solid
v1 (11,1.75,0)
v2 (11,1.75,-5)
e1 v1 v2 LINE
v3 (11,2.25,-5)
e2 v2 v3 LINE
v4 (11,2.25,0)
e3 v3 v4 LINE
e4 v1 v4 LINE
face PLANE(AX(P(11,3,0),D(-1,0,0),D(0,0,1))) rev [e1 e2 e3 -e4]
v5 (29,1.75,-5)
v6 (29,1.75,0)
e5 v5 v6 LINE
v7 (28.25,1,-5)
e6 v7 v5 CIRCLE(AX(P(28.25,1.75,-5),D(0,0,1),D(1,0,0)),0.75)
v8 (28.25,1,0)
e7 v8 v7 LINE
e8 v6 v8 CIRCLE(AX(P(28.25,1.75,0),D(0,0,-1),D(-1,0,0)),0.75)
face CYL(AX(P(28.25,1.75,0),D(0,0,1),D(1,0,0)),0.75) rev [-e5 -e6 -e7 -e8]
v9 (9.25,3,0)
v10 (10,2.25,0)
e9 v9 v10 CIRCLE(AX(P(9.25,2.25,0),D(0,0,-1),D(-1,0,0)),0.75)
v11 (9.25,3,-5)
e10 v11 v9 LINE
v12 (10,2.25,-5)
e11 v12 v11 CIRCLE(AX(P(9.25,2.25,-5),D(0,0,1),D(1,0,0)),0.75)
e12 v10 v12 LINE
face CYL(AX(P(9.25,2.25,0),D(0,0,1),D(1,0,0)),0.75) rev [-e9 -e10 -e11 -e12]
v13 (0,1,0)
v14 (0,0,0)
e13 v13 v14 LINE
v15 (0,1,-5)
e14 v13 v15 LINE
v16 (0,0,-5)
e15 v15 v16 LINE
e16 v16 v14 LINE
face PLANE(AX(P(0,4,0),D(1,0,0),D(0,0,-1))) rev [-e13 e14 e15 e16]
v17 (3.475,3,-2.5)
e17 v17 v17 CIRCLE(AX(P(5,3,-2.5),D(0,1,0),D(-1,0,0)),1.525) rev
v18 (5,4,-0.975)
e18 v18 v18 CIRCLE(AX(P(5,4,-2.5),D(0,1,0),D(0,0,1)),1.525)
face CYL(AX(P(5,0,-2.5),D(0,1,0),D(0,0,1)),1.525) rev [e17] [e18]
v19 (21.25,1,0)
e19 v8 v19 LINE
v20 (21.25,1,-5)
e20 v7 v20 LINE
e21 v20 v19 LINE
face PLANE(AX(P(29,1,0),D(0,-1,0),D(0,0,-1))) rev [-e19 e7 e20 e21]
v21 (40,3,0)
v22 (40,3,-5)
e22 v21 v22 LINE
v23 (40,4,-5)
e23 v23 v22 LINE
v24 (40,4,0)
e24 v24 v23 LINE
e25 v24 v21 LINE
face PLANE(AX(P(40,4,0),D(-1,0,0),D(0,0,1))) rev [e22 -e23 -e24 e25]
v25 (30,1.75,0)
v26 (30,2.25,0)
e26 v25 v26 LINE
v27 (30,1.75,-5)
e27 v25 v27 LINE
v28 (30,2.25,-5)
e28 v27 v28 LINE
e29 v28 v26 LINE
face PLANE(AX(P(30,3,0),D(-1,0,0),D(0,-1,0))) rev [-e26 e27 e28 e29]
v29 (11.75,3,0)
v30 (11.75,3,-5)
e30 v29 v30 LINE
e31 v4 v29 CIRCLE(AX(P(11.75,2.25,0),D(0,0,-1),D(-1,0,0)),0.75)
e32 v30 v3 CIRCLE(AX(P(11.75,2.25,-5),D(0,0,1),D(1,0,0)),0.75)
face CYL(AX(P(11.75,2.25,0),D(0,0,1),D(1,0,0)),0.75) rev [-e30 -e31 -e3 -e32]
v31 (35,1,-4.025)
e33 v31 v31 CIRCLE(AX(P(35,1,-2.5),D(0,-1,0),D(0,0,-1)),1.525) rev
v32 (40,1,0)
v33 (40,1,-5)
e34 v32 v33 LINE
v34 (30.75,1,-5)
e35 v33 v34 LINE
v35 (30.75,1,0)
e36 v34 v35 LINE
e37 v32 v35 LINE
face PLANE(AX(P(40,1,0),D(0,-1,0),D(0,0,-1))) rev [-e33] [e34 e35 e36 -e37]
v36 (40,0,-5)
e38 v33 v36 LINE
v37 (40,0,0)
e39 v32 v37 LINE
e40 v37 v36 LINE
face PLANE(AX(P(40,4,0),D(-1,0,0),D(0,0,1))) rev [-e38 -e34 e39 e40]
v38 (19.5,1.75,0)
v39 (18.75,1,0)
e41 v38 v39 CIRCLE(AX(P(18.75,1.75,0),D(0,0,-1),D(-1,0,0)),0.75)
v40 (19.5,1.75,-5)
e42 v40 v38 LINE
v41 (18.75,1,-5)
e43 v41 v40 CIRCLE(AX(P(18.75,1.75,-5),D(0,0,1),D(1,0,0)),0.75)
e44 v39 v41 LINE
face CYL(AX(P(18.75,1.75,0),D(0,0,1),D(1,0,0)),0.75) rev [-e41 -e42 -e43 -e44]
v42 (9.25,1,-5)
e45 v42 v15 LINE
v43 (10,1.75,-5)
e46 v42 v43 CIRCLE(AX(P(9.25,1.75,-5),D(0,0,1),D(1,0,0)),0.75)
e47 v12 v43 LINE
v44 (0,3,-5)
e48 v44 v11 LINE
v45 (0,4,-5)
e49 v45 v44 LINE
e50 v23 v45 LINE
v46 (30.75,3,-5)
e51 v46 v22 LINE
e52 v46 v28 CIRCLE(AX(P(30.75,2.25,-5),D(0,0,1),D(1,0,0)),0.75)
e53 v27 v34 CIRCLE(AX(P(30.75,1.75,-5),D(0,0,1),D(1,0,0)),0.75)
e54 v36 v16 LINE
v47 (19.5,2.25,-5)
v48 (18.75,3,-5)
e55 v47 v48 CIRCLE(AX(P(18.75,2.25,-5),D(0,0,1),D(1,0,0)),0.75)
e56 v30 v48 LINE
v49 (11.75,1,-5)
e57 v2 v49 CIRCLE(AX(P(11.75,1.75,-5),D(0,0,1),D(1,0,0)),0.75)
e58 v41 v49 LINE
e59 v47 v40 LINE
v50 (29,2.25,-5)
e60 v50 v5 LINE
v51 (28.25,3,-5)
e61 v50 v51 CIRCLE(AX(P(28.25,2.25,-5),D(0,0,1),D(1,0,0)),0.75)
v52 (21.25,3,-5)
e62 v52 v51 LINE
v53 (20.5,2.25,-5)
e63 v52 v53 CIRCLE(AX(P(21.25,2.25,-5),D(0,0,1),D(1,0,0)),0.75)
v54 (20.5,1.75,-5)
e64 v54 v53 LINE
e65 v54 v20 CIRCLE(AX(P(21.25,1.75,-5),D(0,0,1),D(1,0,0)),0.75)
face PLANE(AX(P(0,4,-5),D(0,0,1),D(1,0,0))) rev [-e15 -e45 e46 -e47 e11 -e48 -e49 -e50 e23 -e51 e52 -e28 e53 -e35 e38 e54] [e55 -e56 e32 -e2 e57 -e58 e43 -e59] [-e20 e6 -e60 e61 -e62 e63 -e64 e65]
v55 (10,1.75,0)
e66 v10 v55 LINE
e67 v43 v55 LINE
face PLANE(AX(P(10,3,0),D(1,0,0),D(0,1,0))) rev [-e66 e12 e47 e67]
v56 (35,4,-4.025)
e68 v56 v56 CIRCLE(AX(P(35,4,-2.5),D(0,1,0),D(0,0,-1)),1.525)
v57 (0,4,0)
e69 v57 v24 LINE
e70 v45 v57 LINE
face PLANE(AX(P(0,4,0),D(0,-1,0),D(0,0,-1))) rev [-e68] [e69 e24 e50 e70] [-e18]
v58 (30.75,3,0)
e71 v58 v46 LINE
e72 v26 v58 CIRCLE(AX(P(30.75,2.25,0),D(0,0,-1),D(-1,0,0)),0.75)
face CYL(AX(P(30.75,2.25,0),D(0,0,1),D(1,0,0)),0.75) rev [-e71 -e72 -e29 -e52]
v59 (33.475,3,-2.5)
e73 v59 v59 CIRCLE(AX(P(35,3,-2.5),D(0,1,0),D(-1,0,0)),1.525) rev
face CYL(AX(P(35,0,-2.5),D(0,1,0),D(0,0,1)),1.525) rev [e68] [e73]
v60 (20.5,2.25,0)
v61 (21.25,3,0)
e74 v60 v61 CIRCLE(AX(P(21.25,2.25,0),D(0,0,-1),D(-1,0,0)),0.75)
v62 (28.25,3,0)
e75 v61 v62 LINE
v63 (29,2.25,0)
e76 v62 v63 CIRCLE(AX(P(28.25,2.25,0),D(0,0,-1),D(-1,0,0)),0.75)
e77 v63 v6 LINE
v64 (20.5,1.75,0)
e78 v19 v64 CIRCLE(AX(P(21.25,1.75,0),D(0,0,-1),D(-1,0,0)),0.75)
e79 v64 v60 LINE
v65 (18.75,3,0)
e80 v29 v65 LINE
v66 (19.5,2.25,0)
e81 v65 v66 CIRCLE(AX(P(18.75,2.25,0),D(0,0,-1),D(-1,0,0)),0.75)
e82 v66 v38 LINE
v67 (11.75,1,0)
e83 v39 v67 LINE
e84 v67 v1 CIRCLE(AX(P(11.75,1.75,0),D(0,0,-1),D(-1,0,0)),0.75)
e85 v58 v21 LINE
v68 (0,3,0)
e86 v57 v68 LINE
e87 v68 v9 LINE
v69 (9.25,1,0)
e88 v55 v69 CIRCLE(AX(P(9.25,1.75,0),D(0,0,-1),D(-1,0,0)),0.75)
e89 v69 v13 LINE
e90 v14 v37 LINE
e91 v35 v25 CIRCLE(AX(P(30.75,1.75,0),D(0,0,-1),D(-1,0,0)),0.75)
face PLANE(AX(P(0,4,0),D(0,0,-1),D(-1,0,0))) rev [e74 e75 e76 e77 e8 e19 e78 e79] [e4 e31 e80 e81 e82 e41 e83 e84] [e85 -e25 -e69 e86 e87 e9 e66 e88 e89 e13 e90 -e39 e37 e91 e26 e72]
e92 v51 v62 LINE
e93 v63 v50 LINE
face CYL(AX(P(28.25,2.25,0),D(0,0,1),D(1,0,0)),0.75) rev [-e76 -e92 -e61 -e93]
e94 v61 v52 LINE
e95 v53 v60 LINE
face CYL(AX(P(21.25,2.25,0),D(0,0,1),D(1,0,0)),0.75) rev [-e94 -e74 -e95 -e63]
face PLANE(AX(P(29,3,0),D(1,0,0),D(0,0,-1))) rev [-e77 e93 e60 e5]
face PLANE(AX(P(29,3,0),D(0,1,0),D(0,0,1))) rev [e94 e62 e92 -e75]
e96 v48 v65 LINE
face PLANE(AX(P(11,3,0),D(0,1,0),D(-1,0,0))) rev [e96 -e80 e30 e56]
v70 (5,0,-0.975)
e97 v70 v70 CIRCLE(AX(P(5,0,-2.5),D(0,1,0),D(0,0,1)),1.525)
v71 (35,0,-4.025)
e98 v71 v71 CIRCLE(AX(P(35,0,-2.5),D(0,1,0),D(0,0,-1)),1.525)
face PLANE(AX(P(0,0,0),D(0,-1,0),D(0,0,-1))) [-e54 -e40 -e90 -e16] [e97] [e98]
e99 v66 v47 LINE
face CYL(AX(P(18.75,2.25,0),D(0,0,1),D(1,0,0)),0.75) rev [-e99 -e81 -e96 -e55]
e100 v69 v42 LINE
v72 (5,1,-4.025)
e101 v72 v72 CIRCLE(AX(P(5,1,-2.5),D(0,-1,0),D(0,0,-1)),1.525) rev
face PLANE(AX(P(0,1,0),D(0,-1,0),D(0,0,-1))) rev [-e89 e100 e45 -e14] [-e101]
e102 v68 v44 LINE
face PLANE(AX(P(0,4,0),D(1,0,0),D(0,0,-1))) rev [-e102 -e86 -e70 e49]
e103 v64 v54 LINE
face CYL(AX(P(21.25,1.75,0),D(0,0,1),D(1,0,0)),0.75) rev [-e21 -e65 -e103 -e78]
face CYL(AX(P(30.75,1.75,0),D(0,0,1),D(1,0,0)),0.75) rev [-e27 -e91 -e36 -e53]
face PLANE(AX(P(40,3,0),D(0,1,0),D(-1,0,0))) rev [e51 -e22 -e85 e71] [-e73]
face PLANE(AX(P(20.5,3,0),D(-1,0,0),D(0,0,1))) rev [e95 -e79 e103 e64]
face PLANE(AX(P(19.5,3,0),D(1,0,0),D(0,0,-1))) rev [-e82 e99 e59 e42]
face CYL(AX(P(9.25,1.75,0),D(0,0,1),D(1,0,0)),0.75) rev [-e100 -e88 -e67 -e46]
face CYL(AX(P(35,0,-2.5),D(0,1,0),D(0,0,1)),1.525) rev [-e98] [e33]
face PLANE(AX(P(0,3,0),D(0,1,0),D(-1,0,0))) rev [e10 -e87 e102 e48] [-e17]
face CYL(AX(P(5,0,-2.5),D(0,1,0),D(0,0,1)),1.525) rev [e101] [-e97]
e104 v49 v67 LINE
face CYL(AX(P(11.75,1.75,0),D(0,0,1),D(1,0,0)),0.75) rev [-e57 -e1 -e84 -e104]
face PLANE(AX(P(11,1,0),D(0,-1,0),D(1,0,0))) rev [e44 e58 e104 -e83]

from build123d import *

# Parameters (mm, degrees)
SKETCH1_W           = 40
SKETCH1_H           = 5
BOSS_EXTRUDE1_DEPTH = 4
SKETCH2_R           = 1.525
CUT_EXTRUDE1_DEPTH  = 41.509258201
SKETCH3_W           = 10
SKETCH3_H           = 2
SKETCH3_W_2         = 8.5
CUT_EXTRUDE2_DEPTH  = 41.509258201
FILLET1_R           = 0.75


with BuildPart() as part:
    # Sketch1 → Boss-Extrude1 (new body)
    with BuildSketch(Plane(origin=(0, 0, 0), x_dir=(1, 0, 0), z_dir=(0, 1, 0))):
        with Locations((20, 2.5)):
            Rectangle(SKETCH1_W, SKETCH1_H)
    extrude(amount=BOSS_EXTRUDE1_DEPTH)

    # Sketch2 → Cut-Extrude1 (cut, through all)
    with BuildSketch(Plane(origin=(0, 4, 0), x_dir=(1, 0, 0), z_dir=(0, 1, 0))):
        with Locations(Location((5, 2.5, 0), (0, 0, 270))):
            Circle(SKETCH2_R)
        with Locations(Location((35, 2.5, 0), (0, 0, 90))):
            Circle(SKETCH2_R)
    extrude(amount=-CUT_EXTRUDE1_DEPTH, mode=Mode.SUBTRACT)

    # Sketch3 → Cut-Extrude2 (cut, through all)
    with BuildSketch(Plane(origin=(0, 0, -5), x_dir=(-1, 0, 0), z_dir=(0, 0, -1))):
        with Locations((-35, 2)):
            Rectangle(SKETCH3_W, SKETCH3_H)
        with Locations((-24.75, 2)):
            Rectangle(SKETCH3_W_2, SKETCH3_H)
        with Locations((-15.25, 2)):
            Rectangle(SKETCH3_W_2, SKETCH3_H)
        with Locations((-5, 2)):
            Rectangle(SKETCH3_W, SKETCH3_H)
    extrude(amount=-CUT_EXTRUDE2_DEPTH, mode=Mode.SUBTRACT)

    # Fillet1
    fillet1_edges = [part.edges().sort_by_distance(p)[0] for p in [
        (30, 1, -2.5),
        (30, 3, -2.5),
        (29, 1, -2.5),
        (29, 3, -2.5),
        (20.5, 3, -2.5),
        (20.5, 1, -2.5),
        (19.5, 3, -2.5),
        (11, 3, -2.5),
        (11, 1, -2.5),
        (19.5, 1, -2.5),
        (10, 3, -2.5),
        (10, 1, -2.5),
    ]]
    fillet(fillet1_edges, radius=FILLET1_R)


solid = part.part
